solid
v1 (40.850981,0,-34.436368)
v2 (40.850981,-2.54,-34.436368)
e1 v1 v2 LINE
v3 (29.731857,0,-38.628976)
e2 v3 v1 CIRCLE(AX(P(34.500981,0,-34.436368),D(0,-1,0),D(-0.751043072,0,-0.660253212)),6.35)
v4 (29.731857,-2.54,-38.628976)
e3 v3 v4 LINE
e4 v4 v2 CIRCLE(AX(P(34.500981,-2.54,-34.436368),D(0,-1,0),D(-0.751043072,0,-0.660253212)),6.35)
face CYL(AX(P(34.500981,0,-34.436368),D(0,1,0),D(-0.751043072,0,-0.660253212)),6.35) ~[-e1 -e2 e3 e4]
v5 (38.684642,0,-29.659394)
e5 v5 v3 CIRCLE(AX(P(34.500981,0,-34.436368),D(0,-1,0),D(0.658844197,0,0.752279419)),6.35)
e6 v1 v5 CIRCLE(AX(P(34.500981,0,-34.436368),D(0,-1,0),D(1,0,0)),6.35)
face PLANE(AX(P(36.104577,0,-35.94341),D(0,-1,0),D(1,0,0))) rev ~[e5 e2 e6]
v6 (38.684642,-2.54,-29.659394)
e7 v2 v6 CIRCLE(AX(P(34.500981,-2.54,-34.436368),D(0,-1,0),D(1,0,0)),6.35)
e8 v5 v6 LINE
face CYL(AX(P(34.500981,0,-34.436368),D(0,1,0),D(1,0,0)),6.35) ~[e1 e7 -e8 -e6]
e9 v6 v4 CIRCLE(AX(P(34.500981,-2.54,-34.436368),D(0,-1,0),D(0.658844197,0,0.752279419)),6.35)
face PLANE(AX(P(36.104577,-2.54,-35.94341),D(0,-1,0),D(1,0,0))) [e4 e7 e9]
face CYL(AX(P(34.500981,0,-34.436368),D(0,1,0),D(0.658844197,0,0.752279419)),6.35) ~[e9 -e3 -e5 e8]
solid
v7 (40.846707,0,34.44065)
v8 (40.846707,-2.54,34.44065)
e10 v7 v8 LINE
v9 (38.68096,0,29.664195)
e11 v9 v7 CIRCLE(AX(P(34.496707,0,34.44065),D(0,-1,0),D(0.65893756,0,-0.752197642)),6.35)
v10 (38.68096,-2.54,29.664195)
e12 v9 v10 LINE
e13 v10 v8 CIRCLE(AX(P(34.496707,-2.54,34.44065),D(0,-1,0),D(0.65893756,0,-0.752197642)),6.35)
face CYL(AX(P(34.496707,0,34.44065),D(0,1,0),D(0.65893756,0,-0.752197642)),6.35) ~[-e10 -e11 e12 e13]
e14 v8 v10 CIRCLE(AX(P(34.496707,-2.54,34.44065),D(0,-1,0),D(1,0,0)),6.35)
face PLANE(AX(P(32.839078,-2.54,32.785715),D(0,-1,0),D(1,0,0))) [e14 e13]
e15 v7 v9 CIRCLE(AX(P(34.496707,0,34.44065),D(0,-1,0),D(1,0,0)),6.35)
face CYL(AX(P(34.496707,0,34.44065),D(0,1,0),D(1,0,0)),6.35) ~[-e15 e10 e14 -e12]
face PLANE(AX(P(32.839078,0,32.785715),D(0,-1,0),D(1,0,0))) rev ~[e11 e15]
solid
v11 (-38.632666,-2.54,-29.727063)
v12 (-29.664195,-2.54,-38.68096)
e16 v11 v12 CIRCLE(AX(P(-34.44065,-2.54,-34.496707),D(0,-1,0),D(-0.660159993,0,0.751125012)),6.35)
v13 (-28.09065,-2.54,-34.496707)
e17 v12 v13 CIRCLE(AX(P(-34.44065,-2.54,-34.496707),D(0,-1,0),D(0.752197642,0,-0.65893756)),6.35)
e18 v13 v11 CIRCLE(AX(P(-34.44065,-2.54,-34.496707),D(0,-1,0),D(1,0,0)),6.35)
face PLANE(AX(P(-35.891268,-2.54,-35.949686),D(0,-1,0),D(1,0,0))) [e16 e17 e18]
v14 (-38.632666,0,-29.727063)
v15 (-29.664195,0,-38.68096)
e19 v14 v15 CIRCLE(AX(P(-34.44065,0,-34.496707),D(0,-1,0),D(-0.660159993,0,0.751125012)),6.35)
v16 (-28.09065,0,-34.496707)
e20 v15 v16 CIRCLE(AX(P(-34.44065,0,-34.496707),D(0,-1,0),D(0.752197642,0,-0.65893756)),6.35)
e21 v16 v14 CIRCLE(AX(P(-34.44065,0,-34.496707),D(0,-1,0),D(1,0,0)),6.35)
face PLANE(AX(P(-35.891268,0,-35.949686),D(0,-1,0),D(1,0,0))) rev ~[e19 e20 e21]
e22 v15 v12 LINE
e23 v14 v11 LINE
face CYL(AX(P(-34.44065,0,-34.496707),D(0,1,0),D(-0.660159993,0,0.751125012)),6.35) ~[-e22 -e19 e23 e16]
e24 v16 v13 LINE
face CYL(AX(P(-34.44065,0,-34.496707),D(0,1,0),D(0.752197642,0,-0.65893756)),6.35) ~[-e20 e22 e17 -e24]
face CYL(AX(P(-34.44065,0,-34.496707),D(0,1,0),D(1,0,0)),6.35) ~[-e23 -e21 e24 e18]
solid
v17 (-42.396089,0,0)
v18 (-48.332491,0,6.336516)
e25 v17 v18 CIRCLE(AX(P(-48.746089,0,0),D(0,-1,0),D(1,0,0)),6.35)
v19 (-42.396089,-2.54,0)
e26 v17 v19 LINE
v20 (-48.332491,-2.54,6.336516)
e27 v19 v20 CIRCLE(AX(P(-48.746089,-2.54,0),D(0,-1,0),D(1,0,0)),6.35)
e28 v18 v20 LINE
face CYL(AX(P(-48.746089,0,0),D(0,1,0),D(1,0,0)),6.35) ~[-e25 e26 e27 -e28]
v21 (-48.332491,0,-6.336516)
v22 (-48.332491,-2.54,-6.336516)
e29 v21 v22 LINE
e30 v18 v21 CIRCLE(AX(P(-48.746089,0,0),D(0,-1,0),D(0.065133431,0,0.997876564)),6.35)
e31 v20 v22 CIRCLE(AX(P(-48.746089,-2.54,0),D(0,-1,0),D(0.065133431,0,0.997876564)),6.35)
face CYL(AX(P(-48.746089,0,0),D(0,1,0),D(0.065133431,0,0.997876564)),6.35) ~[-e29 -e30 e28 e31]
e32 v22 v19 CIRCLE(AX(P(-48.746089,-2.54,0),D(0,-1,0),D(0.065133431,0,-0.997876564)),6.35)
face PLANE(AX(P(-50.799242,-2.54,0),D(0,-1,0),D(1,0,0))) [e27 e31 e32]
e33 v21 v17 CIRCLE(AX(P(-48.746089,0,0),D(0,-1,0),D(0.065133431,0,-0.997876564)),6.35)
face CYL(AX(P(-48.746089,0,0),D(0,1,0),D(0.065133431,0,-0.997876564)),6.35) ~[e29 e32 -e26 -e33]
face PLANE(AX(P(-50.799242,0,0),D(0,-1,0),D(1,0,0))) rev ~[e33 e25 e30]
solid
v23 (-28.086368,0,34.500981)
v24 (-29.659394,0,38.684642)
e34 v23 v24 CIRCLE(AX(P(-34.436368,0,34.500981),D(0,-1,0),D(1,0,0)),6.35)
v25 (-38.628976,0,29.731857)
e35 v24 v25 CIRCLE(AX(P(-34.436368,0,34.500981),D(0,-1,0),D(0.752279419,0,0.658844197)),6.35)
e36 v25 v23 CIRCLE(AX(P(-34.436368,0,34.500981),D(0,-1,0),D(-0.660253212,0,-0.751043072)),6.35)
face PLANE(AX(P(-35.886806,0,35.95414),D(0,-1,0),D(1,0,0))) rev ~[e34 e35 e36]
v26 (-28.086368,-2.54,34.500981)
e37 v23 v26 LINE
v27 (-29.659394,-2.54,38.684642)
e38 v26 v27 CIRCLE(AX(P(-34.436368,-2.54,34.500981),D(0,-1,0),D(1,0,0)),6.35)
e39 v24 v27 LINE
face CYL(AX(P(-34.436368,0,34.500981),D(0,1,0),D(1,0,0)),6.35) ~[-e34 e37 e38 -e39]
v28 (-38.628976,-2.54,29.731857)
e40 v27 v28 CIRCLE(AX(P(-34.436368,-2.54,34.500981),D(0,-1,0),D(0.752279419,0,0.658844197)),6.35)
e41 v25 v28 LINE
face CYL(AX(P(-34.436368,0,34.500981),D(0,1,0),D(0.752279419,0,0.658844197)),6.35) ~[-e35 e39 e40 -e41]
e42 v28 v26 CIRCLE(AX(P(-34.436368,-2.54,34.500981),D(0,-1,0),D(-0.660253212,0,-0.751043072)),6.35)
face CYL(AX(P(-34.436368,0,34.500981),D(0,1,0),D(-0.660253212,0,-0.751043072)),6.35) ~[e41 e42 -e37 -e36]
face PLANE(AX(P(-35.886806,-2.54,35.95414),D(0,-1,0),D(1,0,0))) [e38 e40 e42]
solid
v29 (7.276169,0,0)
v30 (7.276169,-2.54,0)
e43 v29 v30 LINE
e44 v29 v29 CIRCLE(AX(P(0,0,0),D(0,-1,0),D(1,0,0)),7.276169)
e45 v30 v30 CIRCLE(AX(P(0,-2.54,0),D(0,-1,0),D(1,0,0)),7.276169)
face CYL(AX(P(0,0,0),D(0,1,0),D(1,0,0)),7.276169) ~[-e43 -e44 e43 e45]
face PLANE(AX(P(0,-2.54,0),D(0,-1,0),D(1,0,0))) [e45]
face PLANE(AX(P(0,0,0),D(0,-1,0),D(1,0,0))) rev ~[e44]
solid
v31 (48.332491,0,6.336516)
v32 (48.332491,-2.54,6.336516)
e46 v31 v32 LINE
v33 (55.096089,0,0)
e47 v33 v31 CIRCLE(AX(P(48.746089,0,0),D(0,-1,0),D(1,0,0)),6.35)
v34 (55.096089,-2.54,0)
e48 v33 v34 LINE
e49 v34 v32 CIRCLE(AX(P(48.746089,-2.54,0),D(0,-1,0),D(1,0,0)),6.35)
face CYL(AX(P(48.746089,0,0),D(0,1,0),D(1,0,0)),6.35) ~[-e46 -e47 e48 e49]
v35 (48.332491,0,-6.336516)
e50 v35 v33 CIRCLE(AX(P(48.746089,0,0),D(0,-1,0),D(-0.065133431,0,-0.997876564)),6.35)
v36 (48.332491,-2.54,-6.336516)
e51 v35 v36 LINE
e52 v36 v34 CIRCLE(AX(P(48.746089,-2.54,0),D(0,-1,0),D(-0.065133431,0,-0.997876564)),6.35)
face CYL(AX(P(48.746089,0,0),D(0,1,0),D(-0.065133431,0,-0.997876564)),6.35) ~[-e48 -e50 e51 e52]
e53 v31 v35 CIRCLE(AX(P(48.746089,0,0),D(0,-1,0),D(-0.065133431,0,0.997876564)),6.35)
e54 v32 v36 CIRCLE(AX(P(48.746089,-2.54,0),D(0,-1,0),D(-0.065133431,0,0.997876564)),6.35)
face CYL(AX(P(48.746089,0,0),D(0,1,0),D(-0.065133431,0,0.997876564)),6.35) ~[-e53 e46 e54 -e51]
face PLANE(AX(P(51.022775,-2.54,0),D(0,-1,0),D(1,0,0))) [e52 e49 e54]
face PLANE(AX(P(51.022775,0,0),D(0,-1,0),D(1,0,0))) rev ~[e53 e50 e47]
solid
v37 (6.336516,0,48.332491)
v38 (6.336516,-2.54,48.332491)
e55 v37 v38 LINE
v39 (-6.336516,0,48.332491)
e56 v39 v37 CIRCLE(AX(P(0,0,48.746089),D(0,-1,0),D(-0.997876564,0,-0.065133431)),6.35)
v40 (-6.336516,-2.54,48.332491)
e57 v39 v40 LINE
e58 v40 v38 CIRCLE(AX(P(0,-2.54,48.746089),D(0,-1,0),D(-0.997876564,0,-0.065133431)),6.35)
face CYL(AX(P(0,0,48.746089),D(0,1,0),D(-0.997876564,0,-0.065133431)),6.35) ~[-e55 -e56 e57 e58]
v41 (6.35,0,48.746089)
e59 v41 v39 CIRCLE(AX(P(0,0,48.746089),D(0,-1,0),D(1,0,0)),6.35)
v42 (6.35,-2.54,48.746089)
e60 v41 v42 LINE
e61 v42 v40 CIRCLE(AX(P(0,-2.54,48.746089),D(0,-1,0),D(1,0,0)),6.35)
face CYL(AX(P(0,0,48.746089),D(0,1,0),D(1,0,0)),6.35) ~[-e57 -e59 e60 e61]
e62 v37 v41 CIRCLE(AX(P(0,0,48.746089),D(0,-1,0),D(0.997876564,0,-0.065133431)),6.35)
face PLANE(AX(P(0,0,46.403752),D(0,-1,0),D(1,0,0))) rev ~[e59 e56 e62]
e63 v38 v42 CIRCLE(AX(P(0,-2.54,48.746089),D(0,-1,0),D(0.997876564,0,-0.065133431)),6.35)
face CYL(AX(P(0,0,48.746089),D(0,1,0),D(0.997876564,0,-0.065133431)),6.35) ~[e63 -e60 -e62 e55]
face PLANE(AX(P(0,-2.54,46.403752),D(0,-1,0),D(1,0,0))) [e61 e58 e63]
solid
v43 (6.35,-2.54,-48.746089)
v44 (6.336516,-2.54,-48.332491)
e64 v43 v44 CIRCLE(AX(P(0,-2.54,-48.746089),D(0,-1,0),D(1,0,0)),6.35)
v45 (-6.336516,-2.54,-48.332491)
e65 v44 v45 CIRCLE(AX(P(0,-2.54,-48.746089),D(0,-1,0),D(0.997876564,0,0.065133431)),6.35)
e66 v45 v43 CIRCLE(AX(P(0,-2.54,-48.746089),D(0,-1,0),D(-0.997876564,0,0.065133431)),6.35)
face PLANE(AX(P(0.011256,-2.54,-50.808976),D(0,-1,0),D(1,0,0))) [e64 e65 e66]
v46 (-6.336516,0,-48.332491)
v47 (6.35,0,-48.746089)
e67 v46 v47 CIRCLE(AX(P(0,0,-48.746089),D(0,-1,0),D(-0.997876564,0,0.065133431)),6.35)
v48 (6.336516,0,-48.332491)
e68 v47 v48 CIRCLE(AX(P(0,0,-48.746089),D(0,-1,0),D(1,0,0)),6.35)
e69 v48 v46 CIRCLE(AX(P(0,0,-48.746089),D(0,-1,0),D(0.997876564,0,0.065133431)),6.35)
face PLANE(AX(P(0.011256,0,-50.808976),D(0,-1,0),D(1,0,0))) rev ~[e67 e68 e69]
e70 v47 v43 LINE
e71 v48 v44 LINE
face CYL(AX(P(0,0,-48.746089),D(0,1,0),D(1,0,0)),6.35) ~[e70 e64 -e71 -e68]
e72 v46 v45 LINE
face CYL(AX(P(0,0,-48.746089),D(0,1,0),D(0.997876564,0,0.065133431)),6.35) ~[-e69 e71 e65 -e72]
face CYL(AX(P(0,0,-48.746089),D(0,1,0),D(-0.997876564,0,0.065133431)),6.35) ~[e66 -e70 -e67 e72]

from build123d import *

# Parameters (mm, degrees)
F1_DEPTH = 2.54
F0_R     = 7.2761689779


with BuildPart() as f1:
    # F0 (on Front) → F1 (new body)
    with BuildSketch(Plane.XZ):
        with BuildLine():
            ThreePointArc((-38.6289761731, 29.7318574602), (-34.4363682798, 34.5009809702), (-29.6593939712, 38.6846416227))
            ThreePointArc((-29.6593939712, 38.6846416227), (-38.9222859219, 38.9953155048), (-38.628976173, 29.7318574602))
        make_face()
        with BuildLine():
            ThreePointArc((-28.0863682798, 34.5009809702), (-28.4926200155, 36.7357866822), (-29.6593939712, 38.6846416227))
            ThreePointArc((-29.6593939712, 38.6846416227), (-34.4363682798, 34.5009809702), (-38.6289761731, 29.7318574602))
            ThreePointArc((-38.628976173, 29.7318574602), (-31.8191713176, 28.7154144413), (-28.0863682798, 34.5009809702))
        make_face()
    extrude(amount=F1_DEPTH)


with BuildPart() as f1b:
    # F0 (on Front) → F1, piece 2 (new body)
    with BuildSketch(Plane.XZ):
        with BuildLine():
            ThreePointArc((6.3365161788, 48.3324912551), (0, 48.7460885427), (-6.3365161788, 48.3324912551))
            ThreePointArc((-6.3365161788, 48.3324912551), (0, 42.3960885427), (6.3365161788, 48.3324912551))
        make_face()
        with BuildLine():
            ThreePointArc((6.3365161788, 48.3324912551), (6.3466281495, 48.5391800305), (6.35, 48.7460885427))
            ThreePointArc((6.35, 48.7460885427), (-0.2069085122, 55.0927166922), (-6.3365161788, 48.3324912551))
            ThreePointArc((-6.3365161788, 48.3324912551), (0, 48.7460885427), (6.3365161788, 48.3324912551))
        make_face()
    extrude(amount=F1_DEPTH)


with BuildPart() as f1c:
    # F0 (on Front) → F1, piece 3 (new body)
    with BuildSketch(Plane.XZ):
        with BuildLine():
            ThreePointArc((38.6809602201, 29.6641949943), (34.4967067172, 34.4406500212), (29.7270628884, 38.6326659737))
            ThreePointArc((29.7270628884, 38.6326659737), (30.0029289762, 29.9541746101), (38.6809602201, 29.6641949943))
        make_face()
        with BuildLine():
            ThreePointArc((40.8467067172, 34.4406500212), (36.7367136019, 40.3824400845), (29.7270628884, 38.6326659737))
            ThreePointArc((29.7270628884, 38.6326659737), (34.4967067172, 34.4406500212), (38.6809602201, 29.6641949943))
            ThreePointArc((38.6809602201, 29.6641949943), (40.279980433, 31.8183904748), (40.8467067172, 34.4406500212))
        make_face()
    extrude(amount=F1_DEPTH)


with BuildPart() as f1d:
    # F0 (on Front) → F1, piece 4 (new body)
    with BuildSketch(Plane.XZ):
        Circle(F0_R)
    extrude(amount=F1_DEPTH)


with BuildPart() as f1e:
    # F0 (on Front) → F1, piece 5 (new body)
    with BuildSketch(Plane.XZ):
        with BuildLine():
            ThreePointArc((55.0960885427, 0), (53.0875259328, 4.6340502142), (48.3324912551, 6.3365161788))
            ThreePointArc((48.3324912551, 6.3365161788), (48.6425793232, 3.175), (48.7460885427, 0))
            ThreePointArc((48.7460885427, 0), (48.6425793232, -3.175), (48.3324912551, -6.3365161788))
            ThreePointArc((48.3324912551, -6.3365161788), (53.0875259328, -4.6340502142), (55.0960885427, 0))
        make_face()
        with BuildLine():
            ThreePointArc((48.7460885427, 0), (48.6425793232, 3.175), (48.3324912551, 6.3365161788))
            ThreePointArc((48.3324912551, 6.3365161788), (42.3960885427, 0), (48.3324912551, -6.3365161788))
            ThreePointArc((48.3324912551, -6.3365161788), (48.6425793232, -3.175), (48.7460885427, 0))
        make_face()
    extrude(amount=F1_DEPTH)


with BuildPart() as f1f:
    # F0 (on Front) → F1, piece 6 (new body)
    with BuildSketch(Plane.XZ):
        with BuildLine():
            ThreePointArc((40.8509809702, -34.4363682798), (40.2840919472, -31.81374985), (38.6846416227, -29.6593939712))
            ThreePointArc((38.6846416227, -29.6593939712), (34.5009809702, -34.4363682798), (29.7318574602, -38.628976173))
            ThreePointArc((29.7318574602, -38.628976173), (36.7413565762, -40.3780193252), (40.8509809702, -34.4363682798))
        make_face()
        with BuildLine():
            ThreePointArc((29.7318574602, -38.628976173), (34.5009809702, -34.4363682798), (38.6846416227, -29.6593939712))
            ThreePointArc((38.6846416227, -29.6593939712), (30.0066464357, -29.9504506377), (29.7318574602, -38.628976173))
        make_face()
    extrude(amount=F1_DEPTH)


with BuildPart() as f1g:
    # F0 (on Front) → F1, piece 7 (new body)
    with BuildSketch(Plane.XZ):
        with BuildLine():
            ThreePointArc((6.3365161788, -48.3324912551), (0, -48.7460885427), (-6.3365161788, -48.3324912551))
            ThreePointArc((-6.3365161788, -48.3324912551), (-0.2069085122, -55.0927166922), (6.35, -48.7460885427))
            ThreePointArc((6.35, -48.7460885427), (6.3466281495, -48.5391800305), (6.3365161788, -48.3324912551))
        make_face()
        with BuildLine():
            ThreePointArc((6.3365161788, -48.3324912551), (0, -42.3960885427), (-6.3365161788, -48.3324912551))
            ThreePointArc((-6.3365161788, -48.3324912551), (0, -48.7460885427), (6.3365161788, -48.3324912551))
        make_face()
    extrude(amount=F1_DEPTH)


with BuildPart() as f1h:
    # F0 (on Front) → F1, piece 8 (new body)
    with BuildSketch(Plane.XZ):
        with BuildLine():
            ThreePointArc((-29.6641949943, -38.6809602201), (-34.4406500212, -34.4967067172), (-38.6326659737, -29.7270628884))
            ThreePointArc((-38.6326659737, -29.7270628884), (-38.9271254323, -38.9904844582), (-29.6641949943, -38.6809602201))
        make_face()
        with BuildLine():
            ThreePointArc((-28.0906500212, -34.4967067172), (-31.8230940331, -28.711302613), (-38.6326659737, -29.7270628884))
            ThreePointArc((-38.6326659737, -29.7270628884), (-34.4406500212, -34.4967067172), (-29.6641949943, -38.6809602201))
            ThreePointArc((-29.6641949943, -38.6809602201), (-28.497040452, -36.7318812719), (-28.0906500212, -34.4967067172))
        make_face()
    extrude(amount=F1_DEPTH)


with BuildPart() as f1i:
    # F0 (on Front) → F1, piece 9 (new body)
    with BuildSketch(Plane.XZ):
        with BuildLine():
            ThreePointArc((-48.3324912551, -6.3365161788), (-48.7460885427, 0), (-48.3324912551, 6.3365161788))
            ThreePointArc((-48.3324912551, 6.3365161788), (-55.0960885427, 0), (-48.3324912551, -6.3365161788))
        make_face()
        with BuildLine():
            ThreePointArc((-42.3960885427, 0), (-44.1120383285, 4.3414373901), (-48.3324912551, 6.3365161788))
            ThreePointArc((-48.3324912551, 6.3365161788), (-48.7460885427, 0), (-48.3324912551, -6.3365161788))
            ThreePointArc((-48.3324912551, -6.3365161788), (-44.1120383285, -4.3414373901), (-42.3960885427, 0))
        make_face()
    extrude(amount=F1_DEPTH)


solid = Compound([f1.part, f1b.part, f1c.part, f1d.part, f1e.part, f1f.part, f1g.part, f1h.part, f1i.part])
